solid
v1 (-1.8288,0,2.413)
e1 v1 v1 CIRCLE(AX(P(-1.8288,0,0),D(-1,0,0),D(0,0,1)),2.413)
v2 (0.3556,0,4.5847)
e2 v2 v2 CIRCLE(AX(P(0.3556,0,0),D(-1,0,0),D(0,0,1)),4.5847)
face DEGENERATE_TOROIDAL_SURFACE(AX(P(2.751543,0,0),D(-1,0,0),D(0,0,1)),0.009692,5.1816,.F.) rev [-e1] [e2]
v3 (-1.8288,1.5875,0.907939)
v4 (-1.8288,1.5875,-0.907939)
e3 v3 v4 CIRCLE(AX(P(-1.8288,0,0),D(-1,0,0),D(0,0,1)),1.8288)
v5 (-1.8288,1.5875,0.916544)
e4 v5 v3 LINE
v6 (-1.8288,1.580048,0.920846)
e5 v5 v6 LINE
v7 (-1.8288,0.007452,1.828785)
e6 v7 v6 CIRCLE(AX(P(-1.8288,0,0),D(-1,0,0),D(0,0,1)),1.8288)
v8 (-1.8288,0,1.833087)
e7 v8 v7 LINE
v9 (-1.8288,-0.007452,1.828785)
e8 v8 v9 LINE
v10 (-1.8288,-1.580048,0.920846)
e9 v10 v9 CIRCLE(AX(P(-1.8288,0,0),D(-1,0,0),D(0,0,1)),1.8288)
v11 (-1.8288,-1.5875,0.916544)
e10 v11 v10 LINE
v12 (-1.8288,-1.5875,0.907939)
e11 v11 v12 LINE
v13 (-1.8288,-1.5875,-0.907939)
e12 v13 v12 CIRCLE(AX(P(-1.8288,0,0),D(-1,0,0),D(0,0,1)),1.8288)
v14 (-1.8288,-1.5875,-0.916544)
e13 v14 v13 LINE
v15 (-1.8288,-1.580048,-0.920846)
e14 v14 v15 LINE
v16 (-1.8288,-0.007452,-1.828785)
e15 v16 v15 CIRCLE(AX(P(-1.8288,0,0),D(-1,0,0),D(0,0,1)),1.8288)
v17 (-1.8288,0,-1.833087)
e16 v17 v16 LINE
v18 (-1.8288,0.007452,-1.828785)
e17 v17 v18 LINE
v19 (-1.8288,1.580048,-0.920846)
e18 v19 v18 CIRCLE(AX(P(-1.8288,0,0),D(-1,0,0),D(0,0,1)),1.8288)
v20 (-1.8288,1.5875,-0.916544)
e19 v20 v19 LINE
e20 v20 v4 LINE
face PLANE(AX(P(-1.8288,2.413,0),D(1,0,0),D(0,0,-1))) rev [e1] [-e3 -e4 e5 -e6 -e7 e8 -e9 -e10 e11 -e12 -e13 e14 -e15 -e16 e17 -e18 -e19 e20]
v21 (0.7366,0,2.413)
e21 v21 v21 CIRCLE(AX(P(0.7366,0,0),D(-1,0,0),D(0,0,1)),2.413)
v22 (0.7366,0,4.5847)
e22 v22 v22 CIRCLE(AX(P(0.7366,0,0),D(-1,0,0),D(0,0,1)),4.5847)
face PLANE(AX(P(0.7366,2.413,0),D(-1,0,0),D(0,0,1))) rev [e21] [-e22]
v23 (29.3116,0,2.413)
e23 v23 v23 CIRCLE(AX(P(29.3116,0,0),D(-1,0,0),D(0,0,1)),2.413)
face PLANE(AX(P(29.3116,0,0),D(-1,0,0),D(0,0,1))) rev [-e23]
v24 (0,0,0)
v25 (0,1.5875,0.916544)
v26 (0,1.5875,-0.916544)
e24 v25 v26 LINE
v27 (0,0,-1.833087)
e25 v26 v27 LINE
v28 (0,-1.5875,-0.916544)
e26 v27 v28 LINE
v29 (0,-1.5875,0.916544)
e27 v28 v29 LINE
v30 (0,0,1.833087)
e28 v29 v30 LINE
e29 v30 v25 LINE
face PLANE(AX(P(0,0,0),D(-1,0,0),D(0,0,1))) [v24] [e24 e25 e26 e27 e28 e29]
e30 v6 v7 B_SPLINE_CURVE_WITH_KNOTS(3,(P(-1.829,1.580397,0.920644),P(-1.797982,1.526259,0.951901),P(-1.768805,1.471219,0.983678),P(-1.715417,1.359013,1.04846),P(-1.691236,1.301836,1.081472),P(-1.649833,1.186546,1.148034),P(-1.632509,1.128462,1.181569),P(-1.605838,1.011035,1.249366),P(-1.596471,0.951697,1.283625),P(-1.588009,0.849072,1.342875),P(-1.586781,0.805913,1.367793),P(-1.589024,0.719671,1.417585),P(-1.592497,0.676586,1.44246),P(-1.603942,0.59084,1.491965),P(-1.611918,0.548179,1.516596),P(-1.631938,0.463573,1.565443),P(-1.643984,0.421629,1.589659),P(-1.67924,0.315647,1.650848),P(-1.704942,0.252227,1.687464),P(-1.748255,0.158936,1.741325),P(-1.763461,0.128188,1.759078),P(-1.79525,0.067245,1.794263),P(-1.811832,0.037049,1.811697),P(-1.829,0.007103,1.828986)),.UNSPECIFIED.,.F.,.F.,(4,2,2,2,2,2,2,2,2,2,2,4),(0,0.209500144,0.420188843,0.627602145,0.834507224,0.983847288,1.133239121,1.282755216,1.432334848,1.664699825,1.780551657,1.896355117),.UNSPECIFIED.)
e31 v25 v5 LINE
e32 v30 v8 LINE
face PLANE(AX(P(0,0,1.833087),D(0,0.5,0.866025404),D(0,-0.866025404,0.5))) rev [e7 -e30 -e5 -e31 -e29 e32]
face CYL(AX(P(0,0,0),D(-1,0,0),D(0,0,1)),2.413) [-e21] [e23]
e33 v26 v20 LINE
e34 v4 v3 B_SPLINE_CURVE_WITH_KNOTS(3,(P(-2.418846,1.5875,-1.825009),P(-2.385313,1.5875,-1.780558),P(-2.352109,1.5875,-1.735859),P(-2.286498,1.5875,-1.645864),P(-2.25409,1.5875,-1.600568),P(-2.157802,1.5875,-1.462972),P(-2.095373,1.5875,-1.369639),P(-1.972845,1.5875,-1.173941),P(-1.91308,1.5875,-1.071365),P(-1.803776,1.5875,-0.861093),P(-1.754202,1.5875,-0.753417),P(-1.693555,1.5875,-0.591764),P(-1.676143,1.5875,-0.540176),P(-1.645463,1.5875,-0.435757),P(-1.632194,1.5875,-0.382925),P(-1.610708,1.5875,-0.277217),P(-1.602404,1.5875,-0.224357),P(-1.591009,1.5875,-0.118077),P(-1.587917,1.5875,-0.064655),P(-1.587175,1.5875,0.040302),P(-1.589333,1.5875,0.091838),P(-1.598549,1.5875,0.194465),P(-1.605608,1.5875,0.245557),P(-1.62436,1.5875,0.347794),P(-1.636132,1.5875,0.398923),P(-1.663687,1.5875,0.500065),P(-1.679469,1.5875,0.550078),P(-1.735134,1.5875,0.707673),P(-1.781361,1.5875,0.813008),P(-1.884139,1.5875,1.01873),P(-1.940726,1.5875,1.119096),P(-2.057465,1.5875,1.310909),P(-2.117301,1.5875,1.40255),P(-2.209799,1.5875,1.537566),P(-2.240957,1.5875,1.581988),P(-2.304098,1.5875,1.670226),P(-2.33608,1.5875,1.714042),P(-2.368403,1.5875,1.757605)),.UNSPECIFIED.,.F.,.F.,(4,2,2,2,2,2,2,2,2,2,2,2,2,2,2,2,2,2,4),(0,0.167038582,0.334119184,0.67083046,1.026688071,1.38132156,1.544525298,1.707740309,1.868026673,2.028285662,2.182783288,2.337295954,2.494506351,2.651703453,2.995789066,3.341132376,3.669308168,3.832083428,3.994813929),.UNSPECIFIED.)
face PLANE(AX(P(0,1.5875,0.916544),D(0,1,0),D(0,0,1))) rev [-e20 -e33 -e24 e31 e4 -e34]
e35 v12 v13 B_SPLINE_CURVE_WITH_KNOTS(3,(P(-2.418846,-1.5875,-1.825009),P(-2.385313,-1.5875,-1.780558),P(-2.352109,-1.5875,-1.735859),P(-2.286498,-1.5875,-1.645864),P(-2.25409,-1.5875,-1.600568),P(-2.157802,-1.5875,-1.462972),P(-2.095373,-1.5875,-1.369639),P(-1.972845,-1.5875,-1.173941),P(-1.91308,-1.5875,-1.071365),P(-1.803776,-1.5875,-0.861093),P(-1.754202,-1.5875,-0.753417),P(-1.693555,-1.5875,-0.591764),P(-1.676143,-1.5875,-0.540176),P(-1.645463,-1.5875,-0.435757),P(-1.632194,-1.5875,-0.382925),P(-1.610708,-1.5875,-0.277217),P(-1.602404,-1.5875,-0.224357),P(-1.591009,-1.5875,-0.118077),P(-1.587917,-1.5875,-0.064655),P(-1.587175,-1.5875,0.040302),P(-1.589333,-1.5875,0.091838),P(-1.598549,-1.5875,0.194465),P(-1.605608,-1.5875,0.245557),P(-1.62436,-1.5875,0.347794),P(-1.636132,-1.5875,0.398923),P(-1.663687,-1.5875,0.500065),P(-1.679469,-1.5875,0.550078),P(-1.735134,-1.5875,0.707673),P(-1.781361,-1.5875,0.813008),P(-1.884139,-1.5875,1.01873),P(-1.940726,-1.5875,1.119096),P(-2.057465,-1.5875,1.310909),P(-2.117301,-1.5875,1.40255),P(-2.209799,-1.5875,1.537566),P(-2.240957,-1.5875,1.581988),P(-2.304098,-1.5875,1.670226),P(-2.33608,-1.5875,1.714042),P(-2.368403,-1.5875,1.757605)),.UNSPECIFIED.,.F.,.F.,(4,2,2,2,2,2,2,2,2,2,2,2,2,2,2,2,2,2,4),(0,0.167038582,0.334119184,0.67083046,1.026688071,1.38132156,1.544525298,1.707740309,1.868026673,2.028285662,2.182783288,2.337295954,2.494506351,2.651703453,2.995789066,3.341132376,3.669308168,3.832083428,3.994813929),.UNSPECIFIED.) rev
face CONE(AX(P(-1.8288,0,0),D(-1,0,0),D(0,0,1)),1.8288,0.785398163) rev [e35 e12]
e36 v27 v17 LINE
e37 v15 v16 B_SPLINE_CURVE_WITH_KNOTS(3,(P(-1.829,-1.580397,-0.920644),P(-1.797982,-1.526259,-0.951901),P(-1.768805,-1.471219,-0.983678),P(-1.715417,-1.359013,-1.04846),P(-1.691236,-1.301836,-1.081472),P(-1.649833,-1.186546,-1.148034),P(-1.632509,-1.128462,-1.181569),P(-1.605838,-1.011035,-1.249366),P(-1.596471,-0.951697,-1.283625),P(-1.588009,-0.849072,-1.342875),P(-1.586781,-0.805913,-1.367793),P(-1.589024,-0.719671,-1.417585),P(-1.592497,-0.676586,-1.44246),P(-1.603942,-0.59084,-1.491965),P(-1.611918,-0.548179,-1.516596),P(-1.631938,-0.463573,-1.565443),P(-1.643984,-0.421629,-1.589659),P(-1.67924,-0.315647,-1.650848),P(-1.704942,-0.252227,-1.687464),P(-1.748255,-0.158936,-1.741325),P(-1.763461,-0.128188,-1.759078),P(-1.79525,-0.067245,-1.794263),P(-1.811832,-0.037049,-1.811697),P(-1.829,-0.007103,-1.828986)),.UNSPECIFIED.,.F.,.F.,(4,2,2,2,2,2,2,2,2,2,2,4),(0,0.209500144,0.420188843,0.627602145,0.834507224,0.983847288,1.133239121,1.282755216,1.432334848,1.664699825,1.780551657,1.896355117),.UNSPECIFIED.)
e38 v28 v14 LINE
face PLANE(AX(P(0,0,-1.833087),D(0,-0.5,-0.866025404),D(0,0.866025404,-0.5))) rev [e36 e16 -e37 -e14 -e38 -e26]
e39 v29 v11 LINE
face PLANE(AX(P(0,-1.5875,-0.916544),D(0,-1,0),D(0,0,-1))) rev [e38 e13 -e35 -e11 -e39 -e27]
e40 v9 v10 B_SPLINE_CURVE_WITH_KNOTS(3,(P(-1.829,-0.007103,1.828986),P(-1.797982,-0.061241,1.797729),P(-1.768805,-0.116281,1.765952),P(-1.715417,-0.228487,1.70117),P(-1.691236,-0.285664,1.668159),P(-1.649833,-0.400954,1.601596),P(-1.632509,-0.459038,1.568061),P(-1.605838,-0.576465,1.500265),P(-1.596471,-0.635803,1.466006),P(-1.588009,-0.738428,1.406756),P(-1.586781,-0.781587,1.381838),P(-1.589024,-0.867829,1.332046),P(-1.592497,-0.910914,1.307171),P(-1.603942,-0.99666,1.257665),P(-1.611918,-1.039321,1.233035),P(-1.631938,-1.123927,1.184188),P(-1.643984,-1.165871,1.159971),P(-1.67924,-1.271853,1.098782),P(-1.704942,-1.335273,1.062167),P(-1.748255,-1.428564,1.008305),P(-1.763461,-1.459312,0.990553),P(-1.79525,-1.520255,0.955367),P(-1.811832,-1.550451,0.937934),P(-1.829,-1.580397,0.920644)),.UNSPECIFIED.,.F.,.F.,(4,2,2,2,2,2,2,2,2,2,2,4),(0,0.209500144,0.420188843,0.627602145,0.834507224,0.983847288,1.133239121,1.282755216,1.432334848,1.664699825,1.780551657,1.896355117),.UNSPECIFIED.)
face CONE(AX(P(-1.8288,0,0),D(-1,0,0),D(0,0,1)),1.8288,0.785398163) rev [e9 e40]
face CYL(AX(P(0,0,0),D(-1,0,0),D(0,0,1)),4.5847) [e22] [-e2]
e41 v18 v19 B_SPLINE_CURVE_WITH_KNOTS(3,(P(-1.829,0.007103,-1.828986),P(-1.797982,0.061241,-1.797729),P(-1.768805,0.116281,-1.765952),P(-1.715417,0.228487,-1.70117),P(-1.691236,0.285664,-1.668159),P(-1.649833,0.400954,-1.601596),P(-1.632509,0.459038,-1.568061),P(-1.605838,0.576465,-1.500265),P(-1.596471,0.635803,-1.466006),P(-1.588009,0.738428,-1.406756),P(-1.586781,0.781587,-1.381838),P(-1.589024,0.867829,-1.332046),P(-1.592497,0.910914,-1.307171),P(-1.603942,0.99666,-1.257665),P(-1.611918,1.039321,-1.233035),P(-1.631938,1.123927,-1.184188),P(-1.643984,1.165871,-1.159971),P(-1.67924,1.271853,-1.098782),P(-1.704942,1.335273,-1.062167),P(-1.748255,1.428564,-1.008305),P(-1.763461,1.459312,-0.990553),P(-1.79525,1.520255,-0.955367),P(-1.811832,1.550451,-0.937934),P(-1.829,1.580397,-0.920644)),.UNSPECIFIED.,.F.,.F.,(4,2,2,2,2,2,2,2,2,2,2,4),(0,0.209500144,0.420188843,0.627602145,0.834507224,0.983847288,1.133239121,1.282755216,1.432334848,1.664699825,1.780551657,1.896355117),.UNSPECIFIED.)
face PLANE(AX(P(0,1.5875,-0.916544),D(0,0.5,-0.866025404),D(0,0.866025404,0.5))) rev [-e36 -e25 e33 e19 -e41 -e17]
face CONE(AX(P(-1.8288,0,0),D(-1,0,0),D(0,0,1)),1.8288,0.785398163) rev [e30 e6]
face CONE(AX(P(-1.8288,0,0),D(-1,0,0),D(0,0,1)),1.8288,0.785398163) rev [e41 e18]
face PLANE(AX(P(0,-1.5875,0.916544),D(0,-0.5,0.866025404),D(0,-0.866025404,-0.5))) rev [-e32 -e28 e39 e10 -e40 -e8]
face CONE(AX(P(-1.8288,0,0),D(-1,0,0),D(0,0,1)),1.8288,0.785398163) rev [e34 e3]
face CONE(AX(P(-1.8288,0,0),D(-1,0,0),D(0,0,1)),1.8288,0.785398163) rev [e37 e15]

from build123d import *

# Parameters (mm, degrees)
CUT_EXTRUDE1_DEPTH = 1.8288


with BuildPart() as part:
    # Sketch1 → Revolve1 (revolve)
    with BuildSketch(Plane.XY):
        with BuildLine():
            Line((0, 0), (29.3116, 0))
            Line((29.3116, 0), (29.3116, 2.413))
            Line((29.3116, 2.413), (0.7366, 2.413))
            Line((0.7366, 2.413), (0.7366, 4.5847))
            Line((0.7366, 4.5847), (0.3556, 4.5847))
            ThreePointArc((0.3556, 4.5847), (-0.901703741, 3.66491926), (-1.8288, 2.413))
            Line((-1.8288, 2.413), (-1.8288, 1.8288))
            Line((-1.8288, 1.8288), (0, 0))
        make_face()
    revolve(axis=Axis((0, 0, 0), (1, 0, 0)))

    # Sketch2 → Cut-Extrude1 (cut)
    with BuildSketch(Plane.ZY.offset(1.8288)):
        Polygon((1.833087105, 0), (0.916543552, 1.5875), (-0.916543552, 1.5875), (-1.833087105, 0), (-0.916543552, -1.5875), (0.916543552, -1.5875), align=None)
    extrude(amount=-CUT_EXTRUDE1_DEPTH, mode=Mode.SUBTRACT)


solid = part.part
